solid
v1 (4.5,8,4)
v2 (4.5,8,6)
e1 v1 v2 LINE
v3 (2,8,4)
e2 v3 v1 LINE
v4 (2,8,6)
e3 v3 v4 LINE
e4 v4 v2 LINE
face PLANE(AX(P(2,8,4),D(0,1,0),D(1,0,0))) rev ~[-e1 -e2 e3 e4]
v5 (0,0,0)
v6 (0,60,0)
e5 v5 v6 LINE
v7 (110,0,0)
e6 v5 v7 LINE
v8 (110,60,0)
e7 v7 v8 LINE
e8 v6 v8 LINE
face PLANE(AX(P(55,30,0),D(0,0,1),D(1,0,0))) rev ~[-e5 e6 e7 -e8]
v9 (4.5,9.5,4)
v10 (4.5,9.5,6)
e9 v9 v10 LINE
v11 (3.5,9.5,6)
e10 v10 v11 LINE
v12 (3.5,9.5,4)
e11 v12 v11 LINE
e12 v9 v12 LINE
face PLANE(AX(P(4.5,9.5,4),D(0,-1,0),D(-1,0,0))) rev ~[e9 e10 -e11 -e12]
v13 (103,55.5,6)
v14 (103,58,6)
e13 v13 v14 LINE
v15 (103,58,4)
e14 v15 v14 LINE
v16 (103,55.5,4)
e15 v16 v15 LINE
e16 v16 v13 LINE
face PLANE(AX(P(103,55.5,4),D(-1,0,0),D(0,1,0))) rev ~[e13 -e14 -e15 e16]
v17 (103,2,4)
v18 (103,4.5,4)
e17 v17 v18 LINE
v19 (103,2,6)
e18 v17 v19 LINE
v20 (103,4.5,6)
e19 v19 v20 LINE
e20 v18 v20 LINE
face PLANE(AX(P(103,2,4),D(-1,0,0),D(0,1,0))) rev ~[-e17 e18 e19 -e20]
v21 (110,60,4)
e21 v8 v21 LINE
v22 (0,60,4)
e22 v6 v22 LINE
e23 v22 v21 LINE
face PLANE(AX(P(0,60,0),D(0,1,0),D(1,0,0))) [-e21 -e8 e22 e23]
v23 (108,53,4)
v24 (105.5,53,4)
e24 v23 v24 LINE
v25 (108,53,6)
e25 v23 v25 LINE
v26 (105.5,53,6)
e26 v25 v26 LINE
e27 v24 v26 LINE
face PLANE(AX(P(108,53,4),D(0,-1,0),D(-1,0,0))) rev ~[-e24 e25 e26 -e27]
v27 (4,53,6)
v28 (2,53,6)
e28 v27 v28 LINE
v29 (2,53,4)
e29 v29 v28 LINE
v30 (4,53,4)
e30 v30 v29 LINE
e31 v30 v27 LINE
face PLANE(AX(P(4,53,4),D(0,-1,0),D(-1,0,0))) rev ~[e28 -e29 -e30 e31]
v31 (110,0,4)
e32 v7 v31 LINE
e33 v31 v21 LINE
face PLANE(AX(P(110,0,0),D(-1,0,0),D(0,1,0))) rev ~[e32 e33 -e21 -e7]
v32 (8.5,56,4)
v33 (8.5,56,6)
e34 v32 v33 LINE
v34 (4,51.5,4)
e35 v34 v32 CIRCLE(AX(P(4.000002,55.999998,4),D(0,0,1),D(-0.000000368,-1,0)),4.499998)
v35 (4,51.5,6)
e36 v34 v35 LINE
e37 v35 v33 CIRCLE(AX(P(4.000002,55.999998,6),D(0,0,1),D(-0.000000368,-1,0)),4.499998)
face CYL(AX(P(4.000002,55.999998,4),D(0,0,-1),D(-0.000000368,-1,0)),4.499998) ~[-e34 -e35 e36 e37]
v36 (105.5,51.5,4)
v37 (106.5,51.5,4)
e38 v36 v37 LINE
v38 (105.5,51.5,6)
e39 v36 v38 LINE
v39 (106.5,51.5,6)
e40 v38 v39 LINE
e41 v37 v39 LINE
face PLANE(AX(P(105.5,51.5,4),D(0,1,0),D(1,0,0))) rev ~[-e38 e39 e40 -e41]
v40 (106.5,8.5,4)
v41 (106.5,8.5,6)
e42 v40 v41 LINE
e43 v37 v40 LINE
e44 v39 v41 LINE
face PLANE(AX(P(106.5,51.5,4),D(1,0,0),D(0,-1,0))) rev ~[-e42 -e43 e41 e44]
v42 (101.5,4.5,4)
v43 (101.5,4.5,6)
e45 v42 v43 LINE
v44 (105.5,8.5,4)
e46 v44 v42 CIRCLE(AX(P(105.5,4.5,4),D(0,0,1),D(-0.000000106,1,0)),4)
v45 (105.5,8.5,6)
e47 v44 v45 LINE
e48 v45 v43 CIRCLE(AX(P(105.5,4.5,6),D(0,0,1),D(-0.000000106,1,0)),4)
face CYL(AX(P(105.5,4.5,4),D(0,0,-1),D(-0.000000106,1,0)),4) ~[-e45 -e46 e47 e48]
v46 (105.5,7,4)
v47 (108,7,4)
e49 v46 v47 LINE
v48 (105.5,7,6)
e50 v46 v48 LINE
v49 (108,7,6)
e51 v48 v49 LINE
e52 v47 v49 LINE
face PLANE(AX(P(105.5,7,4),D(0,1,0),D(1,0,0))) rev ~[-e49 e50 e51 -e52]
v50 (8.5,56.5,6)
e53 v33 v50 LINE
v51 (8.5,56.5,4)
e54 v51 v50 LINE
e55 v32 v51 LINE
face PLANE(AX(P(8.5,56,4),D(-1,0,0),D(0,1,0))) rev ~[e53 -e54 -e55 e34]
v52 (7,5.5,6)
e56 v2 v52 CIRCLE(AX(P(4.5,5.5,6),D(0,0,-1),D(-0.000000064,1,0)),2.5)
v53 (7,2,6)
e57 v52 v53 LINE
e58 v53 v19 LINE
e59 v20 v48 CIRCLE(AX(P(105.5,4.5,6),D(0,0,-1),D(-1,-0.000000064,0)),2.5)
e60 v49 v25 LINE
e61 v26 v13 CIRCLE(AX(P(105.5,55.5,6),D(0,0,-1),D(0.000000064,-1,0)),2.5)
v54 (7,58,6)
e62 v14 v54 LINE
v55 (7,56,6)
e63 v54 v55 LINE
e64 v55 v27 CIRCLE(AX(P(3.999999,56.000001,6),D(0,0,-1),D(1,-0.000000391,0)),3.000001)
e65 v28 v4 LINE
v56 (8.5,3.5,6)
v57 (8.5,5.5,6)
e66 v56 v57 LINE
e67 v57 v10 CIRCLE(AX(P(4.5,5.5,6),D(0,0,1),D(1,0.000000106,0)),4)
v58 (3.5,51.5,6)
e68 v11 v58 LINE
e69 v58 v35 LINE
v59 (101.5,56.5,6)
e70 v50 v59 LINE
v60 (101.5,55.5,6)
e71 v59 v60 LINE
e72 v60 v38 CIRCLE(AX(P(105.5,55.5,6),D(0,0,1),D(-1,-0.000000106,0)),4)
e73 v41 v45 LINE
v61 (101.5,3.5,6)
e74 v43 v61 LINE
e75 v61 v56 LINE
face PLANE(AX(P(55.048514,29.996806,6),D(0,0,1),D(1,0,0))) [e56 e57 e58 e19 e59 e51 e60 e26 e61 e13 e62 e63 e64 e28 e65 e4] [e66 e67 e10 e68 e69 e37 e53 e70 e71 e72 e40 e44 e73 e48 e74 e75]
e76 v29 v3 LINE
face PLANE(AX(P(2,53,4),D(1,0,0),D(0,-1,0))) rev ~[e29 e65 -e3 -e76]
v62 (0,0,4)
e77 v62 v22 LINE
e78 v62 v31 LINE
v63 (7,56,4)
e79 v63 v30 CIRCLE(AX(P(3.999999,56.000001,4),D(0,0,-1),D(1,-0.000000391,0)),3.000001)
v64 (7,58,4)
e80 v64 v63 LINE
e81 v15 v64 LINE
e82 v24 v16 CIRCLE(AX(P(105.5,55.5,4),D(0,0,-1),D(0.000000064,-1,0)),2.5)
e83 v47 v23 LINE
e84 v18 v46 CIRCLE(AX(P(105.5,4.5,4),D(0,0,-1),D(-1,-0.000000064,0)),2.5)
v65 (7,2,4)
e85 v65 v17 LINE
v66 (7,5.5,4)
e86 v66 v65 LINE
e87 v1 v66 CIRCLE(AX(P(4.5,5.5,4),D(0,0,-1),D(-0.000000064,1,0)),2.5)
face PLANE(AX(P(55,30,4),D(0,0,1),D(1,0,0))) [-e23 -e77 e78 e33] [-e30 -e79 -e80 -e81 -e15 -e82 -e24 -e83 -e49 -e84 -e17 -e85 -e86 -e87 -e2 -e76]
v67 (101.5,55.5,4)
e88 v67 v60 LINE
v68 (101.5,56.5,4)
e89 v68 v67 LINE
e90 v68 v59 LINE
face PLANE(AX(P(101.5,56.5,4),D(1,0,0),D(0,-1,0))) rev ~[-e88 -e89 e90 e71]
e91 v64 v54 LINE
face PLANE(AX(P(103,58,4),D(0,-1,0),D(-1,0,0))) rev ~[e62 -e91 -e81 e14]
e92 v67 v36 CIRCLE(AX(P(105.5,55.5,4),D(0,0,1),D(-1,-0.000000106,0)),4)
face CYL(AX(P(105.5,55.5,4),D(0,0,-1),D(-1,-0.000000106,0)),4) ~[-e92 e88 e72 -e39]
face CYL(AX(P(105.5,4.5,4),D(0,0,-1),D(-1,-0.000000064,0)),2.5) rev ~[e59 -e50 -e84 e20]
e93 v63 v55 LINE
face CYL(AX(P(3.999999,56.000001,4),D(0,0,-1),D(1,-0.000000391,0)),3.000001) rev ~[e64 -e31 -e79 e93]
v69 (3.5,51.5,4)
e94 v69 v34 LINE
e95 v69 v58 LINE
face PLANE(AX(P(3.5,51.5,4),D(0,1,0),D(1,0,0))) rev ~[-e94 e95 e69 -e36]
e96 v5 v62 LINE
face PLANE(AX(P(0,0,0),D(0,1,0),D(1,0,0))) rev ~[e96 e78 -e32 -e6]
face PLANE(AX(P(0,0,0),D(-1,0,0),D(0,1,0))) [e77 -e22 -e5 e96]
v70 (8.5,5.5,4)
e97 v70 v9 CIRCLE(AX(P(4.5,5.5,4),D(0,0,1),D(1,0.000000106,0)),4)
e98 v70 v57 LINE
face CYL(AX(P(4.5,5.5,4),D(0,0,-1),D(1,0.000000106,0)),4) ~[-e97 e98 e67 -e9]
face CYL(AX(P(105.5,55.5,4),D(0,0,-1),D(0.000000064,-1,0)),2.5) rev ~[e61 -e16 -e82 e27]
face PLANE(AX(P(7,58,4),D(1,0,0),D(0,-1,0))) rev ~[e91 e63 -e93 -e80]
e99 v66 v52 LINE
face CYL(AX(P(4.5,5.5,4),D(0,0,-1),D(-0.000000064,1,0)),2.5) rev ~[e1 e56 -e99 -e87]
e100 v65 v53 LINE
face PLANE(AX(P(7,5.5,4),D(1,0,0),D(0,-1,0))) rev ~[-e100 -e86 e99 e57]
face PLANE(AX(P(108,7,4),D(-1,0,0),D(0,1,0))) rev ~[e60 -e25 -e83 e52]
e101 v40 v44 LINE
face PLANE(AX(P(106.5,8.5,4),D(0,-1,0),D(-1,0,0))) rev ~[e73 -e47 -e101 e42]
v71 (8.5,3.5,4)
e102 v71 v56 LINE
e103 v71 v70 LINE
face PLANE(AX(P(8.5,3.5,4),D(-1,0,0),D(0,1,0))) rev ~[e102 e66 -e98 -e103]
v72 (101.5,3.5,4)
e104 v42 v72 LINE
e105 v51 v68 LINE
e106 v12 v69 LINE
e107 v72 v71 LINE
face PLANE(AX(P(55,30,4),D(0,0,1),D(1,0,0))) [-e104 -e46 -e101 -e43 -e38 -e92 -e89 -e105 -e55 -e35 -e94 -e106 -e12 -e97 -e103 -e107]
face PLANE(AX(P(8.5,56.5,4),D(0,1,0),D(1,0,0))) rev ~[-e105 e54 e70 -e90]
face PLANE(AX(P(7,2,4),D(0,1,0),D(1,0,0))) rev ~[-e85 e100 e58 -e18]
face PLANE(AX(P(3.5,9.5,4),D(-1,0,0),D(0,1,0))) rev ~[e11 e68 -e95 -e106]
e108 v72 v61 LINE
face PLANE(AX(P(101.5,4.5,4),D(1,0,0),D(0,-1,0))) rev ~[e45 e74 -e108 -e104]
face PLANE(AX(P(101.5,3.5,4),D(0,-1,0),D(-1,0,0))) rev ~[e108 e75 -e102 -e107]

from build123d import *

# Parameters (mm, degrees)
F0_W     = 110
F0_H     = 60
F1_DEPTH = 4
F3_DEPTH = 2


with BuildPart() as f1:
    # F0 (on Top) → F1 (new body)
    with BuildSketch(Plane.XY):
        with Locations((55, 30)):
            Rectangle(F0_W, F0_H)
    extrude(amount=F1_DEPTH)

    # F2 (on face) → F3 (join)
    with BuildSketch(Plane.XY.offset(4)):
        with BuildLine():
            ThreePointArc((7, 56), (6.12132, 53.87868), (4, 53))
            Line((4, 53), (2, 53))
            Line((2, 53), (2, 8))
            Line((2, 8), (4.5, 8))
            ThreePointArc((4.5, 8), (6.267767, 7.267767), (7, 5.5))
            Line((7, 5.5), (7, 2))
            Line((7, 2), (103, 2))
            Line((103, 2), (103, 4.5))
            ThreePointArc((103, 4.5), (103.732233, 6.267767), (105.5, 7))
            Line((105.5, 7), (108, 7))
            Line((108, 7), (108, 53))
            Line((108, 53), (105.5, 53))
            ThreePointArc((105.5, 53), (103.732233, 53.732233), (103, 55.5))
            Line((103, 55.5), (103, 58))
            Line((103, 58), (7, 58))
            Line((7, 58), (7, 56))
        make_face()
        with BuildLine():
            Line((4.5, 9.5), (3.5, 9.5))
            Line((3.5, 9.5), (3.5, 51.5))
            Line((3.5, 51.5), (4, 51.5))
            ThreePointArc((4, 51.5), (7.181981, 52.818019), (8.5, 56))
            Line((8.5, 56), (8.5, 56.5))
            Line((8.5, 56.5), (101.5, 56.5))
            Line((101.5, 56.5), (101.5, 55.5))
            ThreePointArc((101.5, 55.5), (102.671573, 52.671573), (105.5, 51.5))
            Line((105.5, 51.5), (106.5, 51.5))
            Line((106.5, 51.5), (106.5, 8.5))
            Line((106.5, 8.5), (105.5, 8.5))
            ThreePointArc((105.5, 8.5), (102.671573, 7.328427), (101.5, 4.5))
            Line((101.5, 4.5), (101.5, 3.5))
            Line((101.5, 3.5), (8.5, 3.5))
            Line((8.5, 3.5), (8.5, 5.5))
            ThreePointArc((8.5, 5.5), (7.328427, 8.328427), (4.5, 9.5))
        make_face(mode=Mode.SUBTRACT)
    extrude(amount=F3_DEPTH)


solid = f1.part
